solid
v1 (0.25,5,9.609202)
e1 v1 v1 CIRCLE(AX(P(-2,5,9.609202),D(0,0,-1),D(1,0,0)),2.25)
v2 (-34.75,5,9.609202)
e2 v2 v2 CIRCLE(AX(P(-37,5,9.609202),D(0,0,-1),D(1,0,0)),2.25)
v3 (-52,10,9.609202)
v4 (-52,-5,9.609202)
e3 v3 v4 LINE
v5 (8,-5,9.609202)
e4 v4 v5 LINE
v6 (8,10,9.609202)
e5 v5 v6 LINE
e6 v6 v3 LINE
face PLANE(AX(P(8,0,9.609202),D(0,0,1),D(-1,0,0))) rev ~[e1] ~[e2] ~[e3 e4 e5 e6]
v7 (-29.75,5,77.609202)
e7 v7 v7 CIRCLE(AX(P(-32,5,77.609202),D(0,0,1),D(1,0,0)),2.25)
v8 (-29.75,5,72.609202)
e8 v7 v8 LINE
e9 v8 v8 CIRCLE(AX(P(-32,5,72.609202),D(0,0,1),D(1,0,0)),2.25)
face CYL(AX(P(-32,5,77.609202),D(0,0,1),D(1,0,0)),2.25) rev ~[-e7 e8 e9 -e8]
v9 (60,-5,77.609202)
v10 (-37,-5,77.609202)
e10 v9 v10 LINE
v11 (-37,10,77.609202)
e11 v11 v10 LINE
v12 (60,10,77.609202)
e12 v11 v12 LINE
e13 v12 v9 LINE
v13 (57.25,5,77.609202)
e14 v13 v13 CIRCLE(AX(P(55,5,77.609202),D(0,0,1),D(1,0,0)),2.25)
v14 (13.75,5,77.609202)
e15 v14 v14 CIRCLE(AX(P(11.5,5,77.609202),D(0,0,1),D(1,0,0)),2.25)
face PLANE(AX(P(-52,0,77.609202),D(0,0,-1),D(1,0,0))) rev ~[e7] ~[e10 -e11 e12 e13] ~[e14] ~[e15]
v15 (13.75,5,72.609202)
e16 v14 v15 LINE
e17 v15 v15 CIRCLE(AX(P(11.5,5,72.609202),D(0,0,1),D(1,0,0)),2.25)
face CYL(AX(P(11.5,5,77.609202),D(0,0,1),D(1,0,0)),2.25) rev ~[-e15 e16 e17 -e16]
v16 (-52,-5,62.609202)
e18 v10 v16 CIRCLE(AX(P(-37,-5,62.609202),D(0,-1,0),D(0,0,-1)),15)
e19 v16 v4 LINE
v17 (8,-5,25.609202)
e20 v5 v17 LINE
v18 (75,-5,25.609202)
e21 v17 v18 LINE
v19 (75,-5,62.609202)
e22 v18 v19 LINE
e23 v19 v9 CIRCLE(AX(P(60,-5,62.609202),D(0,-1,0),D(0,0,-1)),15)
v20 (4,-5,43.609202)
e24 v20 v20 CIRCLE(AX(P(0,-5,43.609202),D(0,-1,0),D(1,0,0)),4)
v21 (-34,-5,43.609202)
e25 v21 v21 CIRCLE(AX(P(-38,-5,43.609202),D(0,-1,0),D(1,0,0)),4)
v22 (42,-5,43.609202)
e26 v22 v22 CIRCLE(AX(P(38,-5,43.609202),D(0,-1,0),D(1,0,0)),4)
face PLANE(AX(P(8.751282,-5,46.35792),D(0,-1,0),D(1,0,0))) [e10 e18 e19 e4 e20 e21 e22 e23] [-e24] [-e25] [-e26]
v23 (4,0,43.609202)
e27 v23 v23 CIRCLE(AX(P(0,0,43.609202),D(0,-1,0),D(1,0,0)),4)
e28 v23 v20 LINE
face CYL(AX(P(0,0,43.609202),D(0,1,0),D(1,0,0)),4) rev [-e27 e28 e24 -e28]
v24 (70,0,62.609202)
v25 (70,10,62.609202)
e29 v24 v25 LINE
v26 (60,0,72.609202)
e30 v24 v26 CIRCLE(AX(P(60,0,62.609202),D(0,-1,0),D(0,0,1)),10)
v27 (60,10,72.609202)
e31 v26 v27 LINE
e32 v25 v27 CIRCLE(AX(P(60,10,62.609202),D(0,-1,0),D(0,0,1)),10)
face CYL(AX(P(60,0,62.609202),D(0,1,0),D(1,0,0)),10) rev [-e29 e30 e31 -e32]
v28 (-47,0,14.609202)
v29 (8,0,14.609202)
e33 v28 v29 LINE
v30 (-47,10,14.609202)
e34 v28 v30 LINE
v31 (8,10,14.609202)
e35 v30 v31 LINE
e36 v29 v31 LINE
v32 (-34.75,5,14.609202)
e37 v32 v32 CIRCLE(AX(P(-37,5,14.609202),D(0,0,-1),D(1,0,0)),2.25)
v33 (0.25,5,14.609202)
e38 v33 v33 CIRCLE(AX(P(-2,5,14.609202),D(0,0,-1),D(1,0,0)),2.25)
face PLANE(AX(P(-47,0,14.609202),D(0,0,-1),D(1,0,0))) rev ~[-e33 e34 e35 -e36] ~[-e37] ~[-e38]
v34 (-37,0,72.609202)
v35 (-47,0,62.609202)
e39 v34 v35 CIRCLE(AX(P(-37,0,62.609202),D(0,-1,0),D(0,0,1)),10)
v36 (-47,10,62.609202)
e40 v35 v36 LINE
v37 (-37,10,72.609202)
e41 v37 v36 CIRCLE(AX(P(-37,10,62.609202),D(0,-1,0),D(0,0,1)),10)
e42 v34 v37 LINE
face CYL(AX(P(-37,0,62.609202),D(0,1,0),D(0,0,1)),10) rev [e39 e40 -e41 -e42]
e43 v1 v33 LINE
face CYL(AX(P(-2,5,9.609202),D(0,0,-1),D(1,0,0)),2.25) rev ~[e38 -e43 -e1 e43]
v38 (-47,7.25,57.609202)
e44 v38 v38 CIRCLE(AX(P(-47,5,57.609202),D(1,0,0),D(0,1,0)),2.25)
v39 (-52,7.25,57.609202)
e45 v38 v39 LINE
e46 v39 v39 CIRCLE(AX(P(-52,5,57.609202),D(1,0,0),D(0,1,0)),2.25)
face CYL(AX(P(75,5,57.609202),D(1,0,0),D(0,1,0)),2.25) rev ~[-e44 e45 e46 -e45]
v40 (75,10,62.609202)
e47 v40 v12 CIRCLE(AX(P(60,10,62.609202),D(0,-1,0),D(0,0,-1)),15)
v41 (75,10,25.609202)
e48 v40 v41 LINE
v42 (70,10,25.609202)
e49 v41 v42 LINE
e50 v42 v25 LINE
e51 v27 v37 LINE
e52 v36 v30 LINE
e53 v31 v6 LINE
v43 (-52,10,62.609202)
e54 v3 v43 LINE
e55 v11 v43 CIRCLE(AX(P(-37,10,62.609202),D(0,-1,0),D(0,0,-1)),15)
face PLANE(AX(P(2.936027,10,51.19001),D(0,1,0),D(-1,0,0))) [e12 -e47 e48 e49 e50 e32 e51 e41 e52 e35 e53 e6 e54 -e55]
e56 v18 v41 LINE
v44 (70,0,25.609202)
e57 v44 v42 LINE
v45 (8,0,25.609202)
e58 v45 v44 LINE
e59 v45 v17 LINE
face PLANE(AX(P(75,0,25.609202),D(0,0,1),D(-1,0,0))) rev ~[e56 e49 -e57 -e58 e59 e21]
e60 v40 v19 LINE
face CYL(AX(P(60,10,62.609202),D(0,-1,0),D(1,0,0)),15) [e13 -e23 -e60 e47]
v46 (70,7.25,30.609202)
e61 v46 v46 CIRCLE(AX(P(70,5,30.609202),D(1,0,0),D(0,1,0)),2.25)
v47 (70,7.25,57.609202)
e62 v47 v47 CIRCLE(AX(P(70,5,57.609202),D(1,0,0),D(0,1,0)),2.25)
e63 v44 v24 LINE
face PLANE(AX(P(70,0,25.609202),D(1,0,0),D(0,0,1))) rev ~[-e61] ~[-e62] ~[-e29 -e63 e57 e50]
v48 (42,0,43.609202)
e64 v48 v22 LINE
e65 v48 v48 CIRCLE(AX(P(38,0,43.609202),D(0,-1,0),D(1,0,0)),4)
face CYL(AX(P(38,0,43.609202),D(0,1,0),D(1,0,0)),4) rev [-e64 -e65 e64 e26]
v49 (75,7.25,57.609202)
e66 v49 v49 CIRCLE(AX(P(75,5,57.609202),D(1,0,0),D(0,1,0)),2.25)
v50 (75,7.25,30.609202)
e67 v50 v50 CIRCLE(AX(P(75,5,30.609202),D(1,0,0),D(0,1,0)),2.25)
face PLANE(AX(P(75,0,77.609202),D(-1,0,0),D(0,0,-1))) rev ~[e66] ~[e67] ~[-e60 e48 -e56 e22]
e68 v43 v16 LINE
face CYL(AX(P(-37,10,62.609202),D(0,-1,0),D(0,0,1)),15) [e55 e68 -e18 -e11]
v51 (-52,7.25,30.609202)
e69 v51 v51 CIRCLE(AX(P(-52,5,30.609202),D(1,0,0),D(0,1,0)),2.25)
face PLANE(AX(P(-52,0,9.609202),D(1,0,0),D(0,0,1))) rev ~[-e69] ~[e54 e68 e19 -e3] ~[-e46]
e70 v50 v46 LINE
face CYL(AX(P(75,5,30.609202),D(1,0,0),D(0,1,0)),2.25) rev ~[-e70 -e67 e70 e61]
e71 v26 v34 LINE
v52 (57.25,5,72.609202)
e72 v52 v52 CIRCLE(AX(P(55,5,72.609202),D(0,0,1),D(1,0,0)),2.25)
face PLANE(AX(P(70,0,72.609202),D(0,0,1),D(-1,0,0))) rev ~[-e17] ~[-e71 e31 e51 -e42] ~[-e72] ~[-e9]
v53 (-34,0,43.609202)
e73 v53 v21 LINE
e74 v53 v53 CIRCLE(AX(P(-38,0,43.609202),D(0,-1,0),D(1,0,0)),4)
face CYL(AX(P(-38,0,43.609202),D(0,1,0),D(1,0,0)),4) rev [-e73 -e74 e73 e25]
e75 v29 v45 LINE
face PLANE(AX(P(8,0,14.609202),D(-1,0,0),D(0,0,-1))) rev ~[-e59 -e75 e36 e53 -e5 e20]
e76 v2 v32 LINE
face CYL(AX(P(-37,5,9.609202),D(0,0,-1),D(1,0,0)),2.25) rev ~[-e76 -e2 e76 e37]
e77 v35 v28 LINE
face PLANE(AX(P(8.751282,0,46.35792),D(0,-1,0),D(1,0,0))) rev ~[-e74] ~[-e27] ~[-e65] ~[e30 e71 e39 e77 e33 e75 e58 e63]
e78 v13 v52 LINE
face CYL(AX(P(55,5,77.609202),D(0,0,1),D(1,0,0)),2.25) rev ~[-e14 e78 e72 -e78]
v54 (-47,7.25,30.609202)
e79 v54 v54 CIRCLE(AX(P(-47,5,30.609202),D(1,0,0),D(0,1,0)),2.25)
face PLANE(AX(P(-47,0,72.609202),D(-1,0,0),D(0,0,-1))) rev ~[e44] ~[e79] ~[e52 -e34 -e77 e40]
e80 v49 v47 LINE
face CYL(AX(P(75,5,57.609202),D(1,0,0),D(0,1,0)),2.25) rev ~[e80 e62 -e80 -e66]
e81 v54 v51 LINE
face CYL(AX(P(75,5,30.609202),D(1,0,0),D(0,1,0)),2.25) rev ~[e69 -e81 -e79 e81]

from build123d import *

# Parameters (mm, degrees)
F0_R     = 4
F1_DEPTH = 5
F3_DEPTH = 10
F4_R     = 2.25
F5_DEPTH = 5
F6_R     = 2.25
F7_DEPTH = 127.001
F8_R     = 2.25
F9_DEPTH = 5
F10_R    = 10
F11_R    = 15


with BuildPart() as f1:
    # F0 (on Front) → F1 (new body)
    with BuildSketch(Plane.XZ):
        Polygon((75, 77.609202), (-52, 77.609202), (-52, 9.609202), (8, 9.609202), (8, 25.609202), (75, 25.609202), align=None)
        with Locations((-38, 43.609202)):
            Circle(F0_R, mode=Mode.SUBTRACT)
        with Locations((0, 43.609202)):
            Circle(F0_R, mode=Mode.SUBTRACT)
        with Locations((38, 43.609202)):
            Circle(F0_R, mode=Mode.SUBTRACT)
    extrude(amount=F1_DEPTH)

    # F2 (on face) → F3 (join)
    with BuildSketch(Plane(origin=(0, 0, 0), x_dir=(-1, 0, 0), z_dir=(0, 1, 0))):
        Polygon((-75, 77.609202), (-75, 25.609202), (-70, 25.609202), (-70, 72.609202), (47, 72.609202), (47, 14.609202), (-8, 14.609202), (-8, 9.609202), (52, 9.609202), (52, 77.609202), align=None)
    extrude(amount=F3_DEPTH)

    # F4 (on face) → F5 (cut, through all)
    with BuildSketch(Plane(origin=(0, 0, 9.609202), x_dir=(1, 0, 0), z_dir=(0, 0, -1))):
        with Locations((-37, -5)):
            Circle(F4_R)
        with Locations((-2, -5)):
            Circle(F4_R)
    extrude(amount=-F5_DEPTH, mode=Mode.SUBTRACT)

    # F6 (on face) → F7 (cut, through all)
    with BuildSketch(Plane.YZ.offset(75)):
        with Locations((5, 30.609202)):
            Circle(F6_R)
        with Locations((5, 57.609202)):
            Circle(F6_R)
    extrude(amount=-F7_DEPTH, mode=Mode.SUBTRACT)

    # F8 (on face) → F9 (cut, through all)
    with BuildSketch(Plane.XY.offset(77.609202)):
        with Locations((55, 5)):
            Circle(F8_R)
        with Locations((11.5, 5)):
            Circle(F8_R)
        with Locations((-32, 5)):
            Circle(F8_R)
    extrude(amount=-F9_DEPTH, mode=Mode.SUBTRACT)

    # F10
    f10_edges = [f1.edges().sort_by_distance(p)[0] for p in [
        (70, 5, 72.609202),
        (-47, 5, 72.609202),
    ]]
    fillet(f10_edges, radius=F10_R)

    # F11
    f11_edges = [f1.edges().sort_by_distance(p)[0] for p in [
        (75, 2.5, 77.609202),
        (-52, 2.5, 77.609202),
    ]]
    fillet(f11_edges, radius=F11_R)


solid = f1.part
